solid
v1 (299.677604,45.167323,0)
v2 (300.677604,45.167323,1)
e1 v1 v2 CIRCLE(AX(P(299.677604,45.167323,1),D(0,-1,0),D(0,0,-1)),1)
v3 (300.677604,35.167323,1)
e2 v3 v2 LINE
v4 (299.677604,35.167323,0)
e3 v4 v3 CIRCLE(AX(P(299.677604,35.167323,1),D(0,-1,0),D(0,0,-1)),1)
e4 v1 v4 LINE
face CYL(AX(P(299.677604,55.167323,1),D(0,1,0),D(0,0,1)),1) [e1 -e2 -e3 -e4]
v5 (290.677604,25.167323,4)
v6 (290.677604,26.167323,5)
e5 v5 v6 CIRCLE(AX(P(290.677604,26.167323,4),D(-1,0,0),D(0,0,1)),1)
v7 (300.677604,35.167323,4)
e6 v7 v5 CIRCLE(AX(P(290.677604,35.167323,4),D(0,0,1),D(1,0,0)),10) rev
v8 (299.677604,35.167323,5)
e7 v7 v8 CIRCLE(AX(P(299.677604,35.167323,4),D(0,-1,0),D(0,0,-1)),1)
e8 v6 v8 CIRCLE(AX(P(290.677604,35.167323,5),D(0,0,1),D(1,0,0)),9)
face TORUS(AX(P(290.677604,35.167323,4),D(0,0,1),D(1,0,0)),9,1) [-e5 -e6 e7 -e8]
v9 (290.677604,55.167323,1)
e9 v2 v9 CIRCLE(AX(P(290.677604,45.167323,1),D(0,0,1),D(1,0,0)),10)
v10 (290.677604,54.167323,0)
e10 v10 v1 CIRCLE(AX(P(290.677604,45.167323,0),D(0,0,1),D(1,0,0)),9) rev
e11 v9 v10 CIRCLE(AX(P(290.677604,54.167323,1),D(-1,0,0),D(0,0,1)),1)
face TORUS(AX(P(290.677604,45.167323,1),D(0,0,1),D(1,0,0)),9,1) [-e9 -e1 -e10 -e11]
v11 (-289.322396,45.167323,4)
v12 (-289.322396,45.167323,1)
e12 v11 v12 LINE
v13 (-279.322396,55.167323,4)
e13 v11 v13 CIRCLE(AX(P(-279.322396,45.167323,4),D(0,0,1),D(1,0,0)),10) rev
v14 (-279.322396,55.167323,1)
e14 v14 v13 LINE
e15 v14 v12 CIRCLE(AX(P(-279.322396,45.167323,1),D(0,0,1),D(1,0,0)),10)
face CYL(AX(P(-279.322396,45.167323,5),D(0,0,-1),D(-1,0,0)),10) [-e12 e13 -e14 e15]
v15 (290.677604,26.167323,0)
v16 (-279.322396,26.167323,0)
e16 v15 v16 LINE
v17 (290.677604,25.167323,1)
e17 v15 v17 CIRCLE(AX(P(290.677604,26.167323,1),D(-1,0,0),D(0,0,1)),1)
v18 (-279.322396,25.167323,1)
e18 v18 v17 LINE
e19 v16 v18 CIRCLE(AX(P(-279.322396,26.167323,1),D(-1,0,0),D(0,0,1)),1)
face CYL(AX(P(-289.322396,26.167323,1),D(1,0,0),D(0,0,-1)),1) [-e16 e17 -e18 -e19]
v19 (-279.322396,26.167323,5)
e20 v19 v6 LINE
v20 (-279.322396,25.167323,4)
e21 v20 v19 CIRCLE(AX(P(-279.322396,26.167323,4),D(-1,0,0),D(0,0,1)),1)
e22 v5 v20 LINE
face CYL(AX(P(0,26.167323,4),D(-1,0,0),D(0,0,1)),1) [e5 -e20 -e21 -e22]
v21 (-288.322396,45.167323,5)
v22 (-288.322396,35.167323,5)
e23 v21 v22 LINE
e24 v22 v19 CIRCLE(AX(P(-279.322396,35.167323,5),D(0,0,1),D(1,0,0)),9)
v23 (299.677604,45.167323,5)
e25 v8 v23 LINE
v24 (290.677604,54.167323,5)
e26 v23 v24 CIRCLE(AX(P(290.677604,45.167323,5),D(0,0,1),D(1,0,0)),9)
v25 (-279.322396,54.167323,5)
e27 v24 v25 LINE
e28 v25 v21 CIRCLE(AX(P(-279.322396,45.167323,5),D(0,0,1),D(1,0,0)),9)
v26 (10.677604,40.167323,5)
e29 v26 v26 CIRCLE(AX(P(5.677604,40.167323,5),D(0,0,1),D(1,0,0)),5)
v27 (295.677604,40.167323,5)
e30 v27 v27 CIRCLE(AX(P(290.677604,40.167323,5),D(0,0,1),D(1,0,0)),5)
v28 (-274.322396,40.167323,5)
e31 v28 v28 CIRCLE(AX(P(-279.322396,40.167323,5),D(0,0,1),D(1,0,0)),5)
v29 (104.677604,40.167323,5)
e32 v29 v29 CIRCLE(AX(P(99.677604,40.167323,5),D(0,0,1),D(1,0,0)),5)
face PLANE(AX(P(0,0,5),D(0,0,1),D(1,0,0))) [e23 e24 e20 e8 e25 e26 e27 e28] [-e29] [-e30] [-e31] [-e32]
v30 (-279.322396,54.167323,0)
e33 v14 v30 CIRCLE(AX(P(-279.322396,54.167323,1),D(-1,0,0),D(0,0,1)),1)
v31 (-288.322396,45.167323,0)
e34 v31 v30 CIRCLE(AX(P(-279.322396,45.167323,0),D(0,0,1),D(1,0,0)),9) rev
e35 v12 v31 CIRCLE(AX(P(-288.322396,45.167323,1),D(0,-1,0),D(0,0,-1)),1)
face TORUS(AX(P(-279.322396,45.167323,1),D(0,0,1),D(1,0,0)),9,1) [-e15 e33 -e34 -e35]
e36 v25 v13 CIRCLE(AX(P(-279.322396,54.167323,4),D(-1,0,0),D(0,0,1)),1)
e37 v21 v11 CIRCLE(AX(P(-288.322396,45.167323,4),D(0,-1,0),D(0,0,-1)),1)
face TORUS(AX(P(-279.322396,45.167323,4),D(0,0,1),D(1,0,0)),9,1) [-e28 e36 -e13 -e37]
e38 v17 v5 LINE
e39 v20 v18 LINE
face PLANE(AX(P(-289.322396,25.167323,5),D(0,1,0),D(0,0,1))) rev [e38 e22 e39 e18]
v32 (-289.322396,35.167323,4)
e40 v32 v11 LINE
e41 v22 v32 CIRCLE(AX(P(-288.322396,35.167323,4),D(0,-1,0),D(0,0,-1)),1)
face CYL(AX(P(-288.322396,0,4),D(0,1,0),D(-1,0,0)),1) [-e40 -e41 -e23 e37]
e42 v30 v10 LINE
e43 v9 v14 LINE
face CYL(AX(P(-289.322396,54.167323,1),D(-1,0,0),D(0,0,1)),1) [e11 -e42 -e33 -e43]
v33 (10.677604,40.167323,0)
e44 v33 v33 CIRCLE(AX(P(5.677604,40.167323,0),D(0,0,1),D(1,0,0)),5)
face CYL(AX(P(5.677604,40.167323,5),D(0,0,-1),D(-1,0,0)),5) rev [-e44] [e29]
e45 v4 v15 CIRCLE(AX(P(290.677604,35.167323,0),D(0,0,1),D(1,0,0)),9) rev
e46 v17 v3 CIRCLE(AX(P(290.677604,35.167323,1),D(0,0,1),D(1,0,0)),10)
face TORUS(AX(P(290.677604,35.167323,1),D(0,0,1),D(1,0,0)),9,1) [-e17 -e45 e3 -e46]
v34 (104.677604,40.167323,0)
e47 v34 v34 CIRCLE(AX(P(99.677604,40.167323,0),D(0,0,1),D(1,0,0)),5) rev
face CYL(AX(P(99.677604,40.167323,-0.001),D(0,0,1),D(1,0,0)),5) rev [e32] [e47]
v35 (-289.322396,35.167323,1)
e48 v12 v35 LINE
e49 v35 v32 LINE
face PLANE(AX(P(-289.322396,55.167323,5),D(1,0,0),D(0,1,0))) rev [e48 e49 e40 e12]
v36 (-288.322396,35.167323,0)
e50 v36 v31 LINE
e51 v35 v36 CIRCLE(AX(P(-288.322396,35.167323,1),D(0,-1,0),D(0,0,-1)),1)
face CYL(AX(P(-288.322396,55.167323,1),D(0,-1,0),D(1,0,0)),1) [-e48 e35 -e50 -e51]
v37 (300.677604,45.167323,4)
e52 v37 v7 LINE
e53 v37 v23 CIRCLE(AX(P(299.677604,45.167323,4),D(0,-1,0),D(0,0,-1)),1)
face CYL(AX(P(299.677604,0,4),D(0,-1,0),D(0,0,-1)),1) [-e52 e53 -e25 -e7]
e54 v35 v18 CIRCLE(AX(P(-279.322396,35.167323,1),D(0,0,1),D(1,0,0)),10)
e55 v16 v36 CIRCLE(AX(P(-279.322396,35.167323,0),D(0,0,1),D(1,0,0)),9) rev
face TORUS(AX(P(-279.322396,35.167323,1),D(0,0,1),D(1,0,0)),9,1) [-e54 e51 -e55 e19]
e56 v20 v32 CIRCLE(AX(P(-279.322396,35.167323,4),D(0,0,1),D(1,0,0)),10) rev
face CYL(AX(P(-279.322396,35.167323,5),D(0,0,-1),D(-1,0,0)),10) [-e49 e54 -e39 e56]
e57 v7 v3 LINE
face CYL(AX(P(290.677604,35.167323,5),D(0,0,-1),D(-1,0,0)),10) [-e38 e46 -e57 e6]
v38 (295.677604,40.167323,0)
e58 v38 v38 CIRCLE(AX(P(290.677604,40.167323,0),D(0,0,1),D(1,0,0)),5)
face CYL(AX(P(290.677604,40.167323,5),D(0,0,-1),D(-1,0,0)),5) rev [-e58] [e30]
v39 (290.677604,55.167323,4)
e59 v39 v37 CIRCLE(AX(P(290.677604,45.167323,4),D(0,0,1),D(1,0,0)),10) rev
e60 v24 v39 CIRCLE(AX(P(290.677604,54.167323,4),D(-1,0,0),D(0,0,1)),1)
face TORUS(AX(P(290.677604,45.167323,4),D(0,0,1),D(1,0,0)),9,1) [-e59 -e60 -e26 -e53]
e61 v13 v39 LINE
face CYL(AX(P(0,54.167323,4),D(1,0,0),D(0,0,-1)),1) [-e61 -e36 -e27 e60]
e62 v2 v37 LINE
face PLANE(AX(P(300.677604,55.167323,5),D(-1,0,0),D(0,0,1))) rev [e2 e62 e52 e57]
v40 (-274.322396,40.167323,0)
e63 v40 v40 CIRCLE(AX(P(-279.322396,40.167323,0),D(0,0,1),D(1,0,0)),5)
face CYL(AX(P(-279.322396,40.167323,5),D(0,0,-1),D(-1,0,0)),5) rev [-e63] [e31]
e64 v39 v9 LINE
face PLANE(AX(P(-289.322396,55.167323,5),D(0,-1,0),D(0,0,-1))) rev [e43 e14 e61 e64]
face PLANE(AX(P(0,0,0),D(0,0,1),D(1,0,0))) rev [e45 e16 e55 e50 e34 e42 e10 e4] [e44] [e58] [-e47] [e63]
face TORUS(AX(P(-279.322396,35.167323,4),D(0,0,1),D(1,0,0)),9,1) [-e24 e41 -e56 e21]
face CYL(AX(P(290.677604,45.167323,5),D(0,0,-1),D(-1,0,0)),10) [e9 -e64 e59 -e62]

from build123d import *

# Parameters (mm, degrees)
SKETCH_1_W          = 590
SKETCH_1_H          = 30
SKETCH_1_R          = 5
EXTRUDE_1_DEPTH     = 5
FILLET_1_R          = 10
FILLET_2_R          = 1
CUT_EXTRUDE_1_REACH = 307.738
SKETCH_2_R          = 5


with BuildPart() as part:
    # 스케치1 → 보스-돌출1 (new body)
    with BuildSketch(Plane.XY):
        with Locations((5.677604278, 40.167322835)):
            Rectangle(SKETCH_1_W, SKETCH_1_H)
        with Locations((-279.322395722, 40.167322835)):
            Circle(SKETCH_1_R, mode=Mode.SUBTRACT)
        with Locations((290.677604278, 40.167322835)):
            Circle(SKETCH_1_R, mode=Mode.SUBTRACT)
        with Locations((5.677604278, 40.167322835)):
            Circle(SKETCH_1_R, mode=Mode.SUBTRACT)
    extrude(amount=EXTRUDE_1_DEPTH)

    # 필렛1
    fillet_1_edges = [part.edges().sort_by_distance(p)[0] for p in [
        (-289.322395722, 55.167322835, 2.5),
        (300.677604278, 55.167322835, 2.5),
        (300.677604278, 25.167322835, 2.5),
        (-289.322395722, 25.167322835, 2.5),
    ]]
    fillet(fillet_1_edges, radius=FILLET_1_R)

    # 필렛2
    fillet_2_edges = [part.edges().sort_by_distance(p)[0] for p in [
        (300.677604278, 40.167322835, 0),
        (300.677604278, 40.167322835, 5),
        (-289.322395722, 40.167322835, 0),
        (5.677604278, 55.167322835, 0),
        (5.677604278, 25.167322835, 0),
        (-286.393463534, 52.238390647, 0),
        (-286.393463534, 28.096255023, 0),
        (297.748672089, 52.238390647, 0),
        (297.748672089, 28.096255023, 0),
        (5.677604278, 25.167322835, 5),
        (-289.322395722, 40.167322835, 5),
        (5.677604278, 55.167322835, 5),
        (-286.393463534, 52.238390647, 5),
        (-286.393463534, 28.096255023, 5),
        (297.748672089, 52.238390647, 5),
        (297.748672089, 28.096255023, 5),
    ]]
    fillet(fillet_2_edges, radius=FILLET_2_R)

    # 스케치2 → 컷-돌출1 (cut, up to next)
    with BuildSketch(Plane.XY.offset(5), mode=Mode.PRIVATE) as cut_extrude_1_sk1:
        with Locations((99.677604278, 40.167322835)):
            Circle(SKETCH_2_R)
    cut_extrude_1_tool1 = extrude(cut_extrude_1_sk1.sketch, amount=-CUT_EXTRUDE_1_REACH, mode=Mode.PRIVATE) & part.part
    add(cut_extrude_1_tool1.solids().sort_by_distance((99.677604, 40.167323, 5))[0], mode=Mode.SUBTRACT)


solid = part.part
